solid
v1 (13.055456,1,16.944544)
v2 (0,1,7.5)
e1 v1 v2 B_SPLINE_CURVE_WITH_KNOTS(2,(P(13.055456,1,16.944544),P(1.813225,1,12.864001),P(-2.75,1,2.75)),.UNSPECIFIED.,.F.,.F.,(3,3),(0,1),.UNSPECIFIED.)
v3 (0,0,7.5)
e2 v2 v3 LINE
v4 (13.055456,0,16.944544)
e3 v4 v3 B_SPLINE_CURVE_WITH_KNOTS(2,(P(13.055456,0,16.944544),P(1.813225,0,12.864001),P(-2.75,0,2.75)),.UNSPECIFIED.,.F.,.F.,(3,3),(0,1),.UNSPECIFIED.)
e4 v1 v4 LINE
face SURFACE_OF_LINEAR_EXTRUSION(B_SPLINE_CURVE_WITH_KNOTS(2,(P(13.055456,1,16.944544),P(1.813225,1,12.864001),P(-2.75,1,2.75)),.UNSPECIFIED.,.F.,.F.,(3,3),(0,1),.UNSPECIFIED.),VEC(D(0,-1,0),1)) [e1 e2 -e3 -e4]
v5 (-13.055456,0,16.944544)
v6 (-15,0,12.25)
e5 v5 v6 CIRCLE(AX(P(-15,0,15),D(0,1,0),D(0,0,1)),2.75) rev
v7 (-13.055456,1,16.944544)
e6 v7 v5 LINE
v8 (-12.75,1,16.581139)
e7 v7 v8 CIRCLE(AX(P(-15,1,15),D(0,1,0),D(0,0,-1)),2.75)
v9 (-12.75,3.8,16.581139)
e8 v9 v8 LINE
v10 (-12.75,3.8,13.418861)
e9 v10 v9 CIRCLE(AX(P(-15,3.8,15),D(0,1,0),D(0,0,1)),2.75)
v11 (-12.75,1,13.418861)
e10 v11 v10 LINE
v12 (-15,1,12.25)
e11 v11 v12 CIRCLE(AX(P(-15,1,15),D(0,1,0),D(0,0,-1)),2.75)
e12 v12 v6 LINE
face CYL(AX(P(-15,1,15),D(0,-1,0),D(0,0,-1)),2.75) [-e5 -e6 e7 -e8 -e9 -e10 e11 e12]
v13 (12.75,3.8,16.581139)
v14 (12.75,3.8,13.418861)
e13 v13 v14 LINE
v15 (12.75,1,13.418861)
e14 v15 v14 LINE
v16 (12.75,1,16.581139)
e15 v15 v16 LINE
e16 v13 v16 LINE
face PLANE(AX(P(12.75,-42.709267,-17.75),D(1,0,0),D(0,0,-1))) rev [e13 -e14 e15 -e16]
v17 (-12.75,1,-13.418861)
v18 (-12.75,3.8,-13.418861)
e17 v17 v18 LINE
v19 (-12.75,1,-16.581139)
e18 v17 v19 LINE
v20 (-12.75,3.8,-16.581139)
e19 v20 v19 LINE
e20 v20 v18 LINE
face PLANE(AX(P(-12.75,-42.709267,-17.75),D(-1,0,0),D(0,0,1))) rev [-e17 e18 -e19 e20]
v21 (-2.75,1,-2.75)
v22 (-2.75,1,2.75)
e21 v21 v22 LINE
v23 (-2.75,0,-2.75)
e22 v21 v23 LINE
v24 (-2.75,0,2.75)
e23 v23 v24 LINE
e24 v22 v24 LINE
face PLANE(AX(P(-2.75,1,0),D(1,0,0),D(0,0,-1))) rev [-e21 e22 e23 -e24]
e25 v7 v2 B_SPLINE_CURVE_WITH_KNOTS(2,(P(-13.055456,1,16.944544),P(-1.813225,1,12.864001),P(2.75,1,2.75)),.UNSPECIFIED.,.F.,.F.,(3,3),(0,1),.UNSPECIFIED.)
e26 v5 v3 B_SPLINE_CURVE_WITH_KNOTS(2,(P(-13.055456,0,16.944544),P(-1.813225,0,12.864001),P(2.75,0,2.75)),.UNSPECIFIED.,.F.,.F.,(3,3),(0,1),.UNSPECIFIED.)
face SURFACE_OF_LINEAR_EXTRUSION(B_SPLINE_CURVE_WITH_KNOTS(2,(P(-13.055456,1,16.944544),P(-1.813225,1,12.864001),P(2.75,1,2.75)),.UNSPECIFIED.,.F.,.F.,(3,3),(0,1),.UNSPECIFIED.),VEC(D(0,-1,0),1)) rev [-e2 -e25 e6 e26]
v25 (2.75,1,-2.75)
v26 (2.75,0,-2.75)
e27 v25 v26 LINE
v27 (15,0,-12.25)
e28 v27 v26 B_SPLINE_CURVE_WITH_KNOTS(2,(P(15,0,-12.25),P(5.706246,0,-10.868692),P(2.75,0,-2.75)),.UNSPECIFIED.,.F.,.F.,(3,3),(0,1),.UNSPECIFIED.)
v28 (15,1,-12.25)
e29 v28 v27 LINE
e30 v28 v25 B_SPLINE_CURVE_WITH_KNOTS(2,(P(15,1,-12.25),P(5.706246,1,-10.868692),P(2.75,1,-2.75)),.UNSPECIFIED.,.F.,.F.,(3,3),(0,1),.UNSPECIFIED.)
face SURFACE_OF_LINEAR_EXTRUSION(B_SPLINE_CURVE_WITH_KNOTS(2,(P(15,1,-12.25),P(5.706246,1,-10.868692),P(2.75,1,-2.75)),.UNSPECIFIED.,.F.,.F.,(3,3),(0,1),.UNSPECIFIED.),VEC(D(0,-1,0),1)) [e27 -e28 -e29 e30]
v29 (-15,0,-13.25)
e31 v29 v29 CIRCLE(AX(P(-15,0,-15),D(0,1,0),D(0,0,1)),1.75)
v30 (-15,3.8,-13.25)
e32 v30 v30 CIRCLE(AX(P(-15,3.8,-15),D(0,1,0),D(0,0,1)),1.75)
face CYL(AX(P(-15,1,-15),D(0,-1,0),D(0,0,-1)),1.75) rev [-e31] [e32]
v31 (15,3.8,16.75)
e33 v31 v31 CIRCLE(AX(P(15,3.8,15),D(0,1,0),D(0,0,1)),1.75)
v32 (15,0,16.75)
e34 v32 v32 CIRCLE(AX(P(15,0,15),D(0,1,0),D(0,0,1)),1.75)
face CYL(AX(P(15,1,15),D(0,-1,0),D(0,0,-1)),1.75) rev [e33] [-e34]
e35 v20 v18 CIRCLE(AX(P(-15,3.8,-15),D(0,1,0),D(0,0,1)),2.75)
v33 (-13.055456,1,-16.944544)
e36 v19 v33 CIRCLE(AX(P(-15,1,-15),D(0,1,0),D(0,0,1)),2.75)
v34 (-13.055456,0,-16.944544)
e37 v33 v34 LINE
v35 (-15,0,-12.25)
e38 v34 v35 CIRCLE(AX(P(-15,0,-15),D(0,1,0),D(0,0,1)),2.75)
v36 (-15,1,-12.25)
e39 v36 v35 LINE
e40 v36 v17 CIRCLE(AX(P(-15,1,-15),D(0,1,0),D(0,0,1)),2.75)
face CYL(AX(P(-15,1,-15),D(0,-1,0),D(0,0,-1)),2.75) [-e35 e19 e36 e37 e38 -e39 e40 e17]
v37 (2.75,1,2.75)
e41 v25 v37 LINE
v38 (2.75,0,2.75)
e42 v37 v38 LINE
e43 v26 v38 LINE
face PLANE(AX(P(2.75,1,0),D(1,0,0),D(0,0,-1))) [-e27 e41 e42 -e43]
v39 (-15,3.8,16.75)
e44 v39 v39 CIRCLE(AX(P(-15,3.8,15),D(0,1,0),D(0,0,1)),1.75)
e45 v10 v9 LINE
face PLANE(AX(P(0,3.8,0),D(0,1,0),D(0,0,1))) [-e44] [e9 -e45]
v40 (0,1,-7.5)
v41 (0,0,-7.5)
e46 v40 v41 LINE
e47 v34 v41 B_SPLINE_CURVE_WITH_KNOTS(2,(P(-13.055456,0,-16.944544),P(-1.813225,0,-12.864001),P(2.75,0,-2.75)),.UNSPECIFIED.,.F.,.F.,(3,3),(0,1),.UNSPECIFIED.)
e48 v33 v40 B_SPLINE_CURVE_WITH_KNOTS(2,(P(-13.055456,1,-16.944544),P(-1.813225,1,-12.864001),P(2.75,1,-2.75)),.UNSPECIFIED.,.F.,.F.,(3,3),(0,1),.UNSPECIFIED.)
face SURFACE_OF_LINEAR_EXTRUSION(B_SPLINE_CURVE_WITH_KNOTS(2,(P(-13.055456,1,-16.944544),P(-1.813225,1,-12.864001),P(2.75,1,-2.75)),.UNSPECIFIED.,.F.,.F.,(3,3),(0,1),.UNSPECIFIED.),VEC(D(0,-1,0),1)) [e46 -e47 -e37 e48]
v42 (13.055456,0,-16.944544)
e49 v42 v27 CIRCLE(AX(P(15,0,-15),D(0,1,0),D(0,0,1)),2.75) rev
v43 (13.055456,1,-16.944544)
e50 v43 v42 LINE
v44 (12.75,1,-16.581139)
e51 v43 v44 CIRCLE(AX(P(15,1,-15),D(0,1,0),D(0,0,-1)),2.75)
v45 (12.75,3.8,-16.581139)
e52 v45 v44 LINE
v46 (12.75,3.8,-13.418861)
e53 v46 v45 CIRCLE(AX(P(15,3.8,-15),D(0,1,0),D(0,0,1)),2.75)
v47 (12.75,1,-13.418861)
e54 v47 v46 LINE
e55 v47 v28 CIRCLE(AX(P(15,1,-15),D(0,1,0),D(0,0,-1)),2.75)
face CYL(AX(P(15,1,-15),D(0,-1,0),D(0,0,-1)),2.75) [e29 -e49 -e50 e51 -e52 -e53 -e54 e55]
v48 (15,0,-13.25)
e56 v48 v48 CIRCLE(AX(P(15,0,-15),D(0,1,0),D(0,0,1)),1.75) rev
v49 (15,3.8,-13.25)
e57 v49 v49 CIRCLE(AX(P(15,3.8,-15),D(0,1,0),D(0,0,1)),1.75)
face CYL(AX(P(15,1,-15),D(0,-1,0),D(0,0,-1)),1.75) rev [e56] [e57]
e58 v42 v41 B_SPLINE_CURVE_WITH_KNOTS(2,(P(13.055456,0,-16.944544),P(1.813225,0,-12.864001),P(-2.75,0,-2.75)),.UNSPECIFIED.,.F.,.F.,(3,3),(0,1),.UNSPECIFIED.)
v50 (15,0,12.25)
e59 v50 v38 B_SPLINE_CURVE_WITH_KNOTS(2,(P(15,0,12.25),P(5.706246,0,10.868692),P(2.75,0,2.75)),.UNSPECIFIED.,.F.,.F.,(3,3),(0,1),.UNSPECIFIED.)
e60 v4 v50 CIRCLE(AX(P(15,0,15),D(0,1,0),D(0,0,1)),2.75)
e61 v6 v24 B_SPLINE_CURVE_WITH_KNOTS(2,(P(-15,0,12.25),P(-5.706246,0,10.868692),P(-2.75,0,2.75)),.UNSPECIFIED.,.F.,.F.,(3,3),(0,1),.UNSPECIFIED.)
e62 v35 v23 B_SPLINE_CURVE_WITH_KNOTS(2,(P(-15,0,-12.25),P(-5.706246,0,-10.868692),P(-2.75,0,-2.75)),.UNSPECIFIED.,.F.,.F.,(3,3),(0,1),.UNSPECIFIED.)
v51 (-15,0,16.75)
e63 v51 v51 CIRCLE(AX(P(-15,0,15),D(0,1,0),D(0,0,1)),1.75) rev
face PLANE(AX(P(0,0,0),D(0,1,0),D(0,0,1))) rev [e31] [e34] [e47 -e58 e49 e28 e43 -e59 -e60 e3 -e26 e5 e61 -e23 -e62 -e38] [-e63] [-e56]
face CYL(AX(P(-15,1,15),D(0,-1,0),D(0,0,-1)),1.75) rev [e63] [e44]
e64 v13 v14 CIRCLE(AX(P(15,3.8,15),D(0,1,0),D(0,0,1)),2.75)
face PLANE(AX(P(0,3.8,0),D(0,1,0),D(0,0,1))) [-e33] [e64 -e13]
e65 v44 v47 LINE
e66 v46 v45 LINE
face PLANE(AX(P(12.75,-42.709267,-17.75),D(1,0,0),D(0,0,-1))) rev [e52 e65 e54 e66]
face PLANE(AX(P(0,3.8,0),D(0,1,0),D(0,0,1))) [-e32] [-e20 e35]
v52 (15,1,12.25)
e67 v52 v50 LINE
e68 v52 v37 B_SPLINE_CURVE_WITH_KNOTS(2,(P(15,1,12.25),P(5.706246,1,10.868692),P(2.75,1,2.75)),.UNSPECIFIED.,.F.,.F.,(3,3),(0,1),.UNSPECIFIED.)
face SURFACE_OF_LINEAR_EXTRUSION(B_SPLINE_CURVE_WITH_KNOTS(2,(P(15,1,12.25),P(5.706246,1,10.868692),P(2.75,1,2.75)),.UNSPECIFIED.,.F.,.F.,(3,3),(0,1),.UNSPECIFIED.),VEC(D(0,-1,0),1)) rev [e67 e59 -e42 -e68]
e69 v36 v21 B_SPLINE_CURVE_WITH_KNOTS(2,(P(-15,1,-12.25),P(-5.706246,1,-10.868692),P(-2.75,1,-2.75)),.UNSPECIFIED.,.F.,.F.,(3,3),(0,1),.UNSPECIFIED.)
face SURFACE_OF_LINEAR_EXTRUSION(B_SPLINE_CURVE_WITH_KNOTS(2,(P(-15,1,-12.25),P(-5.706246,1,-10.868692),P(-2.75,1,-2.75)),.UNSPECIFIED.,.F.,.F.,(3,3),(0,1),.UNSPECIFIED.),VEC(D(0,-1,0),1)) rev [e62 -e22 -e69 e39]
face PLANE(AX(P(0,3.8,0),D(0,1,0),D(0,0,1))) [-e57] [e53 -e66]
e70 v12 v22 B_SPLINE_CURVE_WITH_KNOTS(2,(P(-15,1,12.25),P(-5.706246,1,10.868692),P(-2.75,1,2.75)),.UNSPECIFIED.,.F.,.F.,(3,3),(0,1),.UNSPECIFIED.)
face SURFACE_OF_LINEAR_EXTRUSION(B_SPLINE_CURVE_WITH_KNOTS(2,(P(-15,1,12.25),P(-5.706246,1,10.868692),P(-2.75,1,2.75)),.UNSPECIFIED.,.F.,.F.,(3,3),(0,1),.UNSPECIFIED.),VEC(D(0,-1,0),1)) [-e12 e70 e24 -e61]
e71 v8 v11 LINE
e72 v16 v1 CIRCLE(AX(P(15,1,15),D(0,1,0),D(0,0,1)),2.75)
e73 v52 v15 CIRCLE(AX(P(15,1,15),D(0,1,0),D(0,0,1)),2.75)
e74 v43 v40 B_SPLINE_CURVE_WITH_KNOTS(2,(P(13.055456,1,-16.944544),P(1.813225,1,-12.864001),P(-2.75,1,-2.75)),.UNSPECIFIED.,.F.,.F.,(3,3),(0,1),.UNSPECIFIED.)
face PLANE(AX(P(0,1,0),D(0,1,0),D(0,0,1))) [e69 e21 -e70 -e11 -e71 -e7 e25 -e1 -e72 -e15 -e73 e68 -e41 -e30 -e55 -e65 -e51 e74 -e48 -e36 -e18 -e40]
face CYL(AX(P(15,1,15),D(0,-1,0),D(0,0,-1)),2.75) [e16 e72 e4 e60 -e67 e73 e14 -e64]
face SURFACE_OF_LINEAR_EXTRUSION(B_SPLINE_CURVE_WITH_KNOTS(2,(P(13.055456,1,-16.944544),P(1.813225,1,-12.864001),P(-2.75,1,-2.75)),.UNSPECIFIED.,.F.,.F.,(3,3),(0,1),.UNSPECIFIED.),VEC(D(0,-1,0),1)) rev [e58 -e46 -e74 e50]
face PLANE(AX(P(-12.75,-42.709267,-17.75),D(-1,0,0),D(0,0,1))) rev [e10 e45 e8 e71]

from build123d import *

# Parameters (mm, degrees)
SKETCH1_R           = 2.75
SKETCH1_R_2         = 1.75
SKETCH1_W           = 5.5
SKETCH1_H           = 5.5
BOSS_EXTRUDE1_DEPTH = 1
SKETCH2_R           = 2.75
SKETCH2_R_2         = 1.75
BOSS_EXTRUDE2_DEPTH = 2.8
SKETCH3_W           = 25.5
SKETCH3_H           = 35.5
CUT_EXTRUDE1_DEPTH  = 2.8


with BuildPart() as part:
    # Sketch1 → Boss-Extrude1 (new body)
    # profile 1 of 11: a face of its own
    with BuildSketch(Plane(origin=(0, 0, 0), x_dir=(1, 0, 0), z_dir=(0, 1, 0))):
        with Locations((-15, -15)):
            Circle(SKETCH1_R)
        with Locations(Location((-15, -15, 0), (0, 0, 270))):
            Circle(SKETCH1_R_2, mode=Mode.SUBTRACT)
    # profile 2 of 11: a face of its own
    with BuildSketch(Plane(origin=(0, 0, 0), x_dir=(1, 0, 0), z_dir=(0, 1, 0))):
        with BuildLine():
            add(Edge.make_bspline(
                [(0, -7.5), (-1.590584075, -5.319747163), (-2.75, -2.75)],
                knots=[0.745921805, 0.745921805, 0.745921805, 1, 1, 1], degree=2))
            add(Edge.make_bspline(
                [(-15, -12.25), (-5.706246464, -10.868692238), (-2.75, -2.75)],
                knots=[0, 0, 0, 1, 1, 1], degree=2))
            ThreePointArc((-15, -12.25), (-13.055456352, -13.055456352), (-12.25, -15))
            ThreePointArc((-12.25, -15), (-12.459331286, -16.052379439), (-13.055456352, -16.944543648))
            add(Edge.make_bspline(
                [(-13.055456352, -16.944543648), (-4.669630712, -13.900778032), (0, -7.5)],
                knots=[0, 0, 0, 0.745921805, 0.745921805, 0.745921805], degree=2))
        make_face()
    # profile 3 of 11: a face of its own
    with BuildSketch(Plane(origin=(0, 0, 0), x_dir=(1, 0, 0), z_dir=(0, 1, 0))):
        with BuildLine():
            add(Edge.make_bspline(
                [(0, -7.5), (1.590584075, -5.319747163), (2.75, -2.75)],
                knots=[0.745921805, 0.745921805, 0.745921805, 1, 1, 1], degree=2))
            Line((2.75, -2.75), (-2.75, -2.75))
            add(Edge.make_bspline(
                [(0, -7.5), (-1.590584075, -5.319747163), (-2.75, -2.75)],
                knots=[0.745921805, 0.745921805, 0.745921805, 1, 1, 1], degree=2))
        make_face()
    # profile 4 of 11: a face of its own
    with BuildSketch(Plane(origin=(0, 0, 0), x_dir=(1, 0, 0), z_dir=(0, 1, 0))):
        Rectangle(SKETCH1_W, SKETCH1_H)
    # profile 5 of 11: a face of its own
    with BuildSketch(Plane(origin=(0, 0, 0), x_dir=(1, 0, 0), z_dir=(0, 1, 0))):
        with BuildLine():
            add(Edge.make_bspline(
                [(15, -12.25), (5.706246464, -10.868692238), (2.75, -2.75)],
                knots=[0, 0, 0, 1, 1, 1], degree=2))
            add(Edge.make_bspline(
                [(0, -7.5), (1.590584075, -5.319747163), (2.75, -2.75)],
                knots=[0.745921805, 0.745921805, 0.745921805, 1, 1, 1], degree=2))
            add(Edge.make_bspline(
                [(13.055456352, -16.944543648), (4.669630712, -13.900778032), (0, -7.5)],
                knots=[0, 0, 0, 0.745921805, 0.745921805, 0.745921805], degree=2))
            ThreePointArc((13.055456352, -16.944543648), (12.459331286, -13.947620561), (15, -12.25))
        make_face()
    # profile 6 of 11: a face of its own
    with BuildSketch(Plane(origin=(0, 0, 0), x_dir=(1, 0, 0), z_dir=(0, 1, 0))):
        with Locations((15, -15)):
            Circle(SKETCH1_R)
        with Locations(Location((15, -15, 0), (0, 0, 270))):
            Circle(SKETCH1_R_2, mode=Mode.SUBTRACT)
    # profile 7 of 11: a face of its own
    with BuildSketch(Plane(origin=(0, 0, 0), x_dir=(1, 0, 0), z_dir=(0, 1, 0))):
        with BuildLine():
            add(Edge.make_bspline(
                [(0, 7.5), (1.590584075, 5.319747163), (2.75, 2.75)],
                knots=[0.745921805, 0.745921805, 0.745921805, 1, 1, 1], degree=2))
            add(Edge.make_bspline(
                [(15, 12.25), (5.706246464, 10.868692238), (2.75, 2.75)],
                knots=[0, 0, 0, 1, 1, 1], degree=2))
            ThreePointArc((15, 12.25), (12.459331286, 13.947620561), (13.055456352, 16.944543648))
            add(Edge.make_bspline(
                [(13.055456352, 16.944543648), (4.669630712, 13.900778032), (0, 7.5)],
                knots=[0, 0, 0, 0.745921805, 0.745921805, 0.745921805], degree=2))
        make_face()
    # profile 8 of 11: a face of its own
    with BuildSketch(Plane(origin=(0, 0, 0), x_dir=(1, 0, 0), z_dir=(0, 1, 0))):
        with Locations((15, 15)):
            Circle(SKETCH1_R)
        with Locations(Location((15, 15, 0), (0, 0, 270))):
            Circle(SKETCH1_R_2, mode=Mode.SUBTRACT)
    # profile 9 of 11: a face of its own
    with BuildSketch(Plane(origin=(0, 0, 0), x_dir=(1, 0, 0), z_dir=(0, 1, 0))):
        with BuildLine():
            Line((-2.75, 2.75), (2.75, 2.75))
            add(Edge.make_bspline(
                [(0, 7.5), (1.590584075, 5.319747163), (2.75, 2.75)],
                knots=[0.745921805, 0.745921805, 0.745921805, 1, 1, 1], degree=2))
            add(Edge.make_bspline(
                [(0, 7.5), (-1.590584075, 5.319747163), (-2.75, 2.75)],
                knots=[0.745921805, 0.745921805, 0.745921805, 1, 1, 1], degree=2))
        make_face()
    # profile 10 of 11: a face of its own
    with BuildSketch(Plane(origin=(0, 0, 0), x_dir=(1, 0, 0), z_dir=(0, 1, 0))):
        with BuildLine():
            add(Edge.make_bspline(
                [(-15, 12.25), (-5.706246464, 10.868692238), (-2.75, 2.75)],
                knots=[0, 0, 0, 1, 1, 1], degree=2))
            add(Edge.make_bspline(
                [(0, 7.5), (-1.590584075, 5.319747163), (-2.75, 2.75)],
                knots=[0.745921805, 0.745921805, 0.745921805, 1, 1, 1], degree=2))
            add(Edge.make_bspline(
                [(-13.055456352, 16.944543648), (-4.669630712, 13.900778032), (0, 7.5)],
                knots=[0, 0, 0, 0.745921805, 0.745921805, 0.745921805], degree=2))
            ThreePointArc((-13.055456352, 16.944543648), (-12.459331286, 16.052379439), (-12.25, 15))
            ThreePointArc((-12.25, 15), (-13.055456352, 13.055456352), (-15, 12.25))
        make_face()
    # profile 11 of 11: a face of its own
    with BuildSketch(Plane(origin=(0, 0, 0), x_dir=(1, 0, 0), z_dir=(0, 1, 0))):
        with Locations((-15, 15)):
            Circle(SKETCH1_R)
        with Locations(Location((-15, 15, 0), (0, 0, 270))):
            Circle(SKETCH1_R_2, mode=Mode.SUBTRACT)
    extrude(amount=BOSS_EXTRUDE1_DEPTH)

    # Sketch2 → Boss-Extrude2 (add)
    # profile 1 of 4: a face of its own
    with BuildSketch(Plane(origin=(0, 1, 0), x_dir=(1, 0, 0), z_dir=(0, 1, 0))):
        with Locations(Location((-15, 15, 0), (0, 0, 270))):
            Circle(SKETCH2_R)
        with Locations(Location((-15, 15, 0), (0, 0, 270))):
            Circle(SKETCH2_R_2, mode=Mode.SUBTRACT)
    # profile 2 of 4: a face of its own
    with BuildSketch(Plane(origin=(0, 1, 0), x_dir=(1, 0, 0), z_dir=(0, 1, 0))):
        with Locations(Location((15, 15, 0), (0, 0, 270))):
            Circle(SKETCH2_R)
        with Locations(Location((15, 15, 0), (0, 0, 270))):
            Circle(SKETCH2_R_2, mode=Mode.SUBTRACT)
    # profile 3 of 4: a face of its own
    with BuildSketch(Plane(origin=(0, 1, 0), x_dir=(1, 0, 0), z_dir=(0, 1, 0))):
        with Locations(Location((15, -15, 0), (0, 0, 90))):
            Circle(SKETCH2_R)
        with Locations(Location((15, -15, 0), (0, 0, 270))):
            Circle(SKETCH2_R_2, mode=Mode.SUBTRACT)
    # profile 4 of 4: a face of its own
    with BuildSketch(Plane(origin=(0, 1, 0), x_dir=(1, 0, 0), z_dir=(0, 1, 0))):
        with Locations(Location((-15, -15, 0), (0, 0, 90))):
            Circle(SKETCH2_R)
        with Locations(Location((-15, -15, 0), (0, 0, 270))):
            Circle(SKETCH2_R_2, mode=Mode.SUBTRACT)
    extrude(amount=BOSS_EXTRUDE2_DEPTH)

    # Sketch3 → Cut-Extrude1 (cut)
    with BuildSketch(Plane(origin=(0, 3.8, 0), x_dir=(1, 0, 0), z_dir=(0, 1, 0))):
        Rectangle(SKETCH3_W, SKETCH3_H)
    extrude(amount=-CUT_EXTRUDE1_DEPTH, mode=Mode.SUBTRACT)


solid = part.part
